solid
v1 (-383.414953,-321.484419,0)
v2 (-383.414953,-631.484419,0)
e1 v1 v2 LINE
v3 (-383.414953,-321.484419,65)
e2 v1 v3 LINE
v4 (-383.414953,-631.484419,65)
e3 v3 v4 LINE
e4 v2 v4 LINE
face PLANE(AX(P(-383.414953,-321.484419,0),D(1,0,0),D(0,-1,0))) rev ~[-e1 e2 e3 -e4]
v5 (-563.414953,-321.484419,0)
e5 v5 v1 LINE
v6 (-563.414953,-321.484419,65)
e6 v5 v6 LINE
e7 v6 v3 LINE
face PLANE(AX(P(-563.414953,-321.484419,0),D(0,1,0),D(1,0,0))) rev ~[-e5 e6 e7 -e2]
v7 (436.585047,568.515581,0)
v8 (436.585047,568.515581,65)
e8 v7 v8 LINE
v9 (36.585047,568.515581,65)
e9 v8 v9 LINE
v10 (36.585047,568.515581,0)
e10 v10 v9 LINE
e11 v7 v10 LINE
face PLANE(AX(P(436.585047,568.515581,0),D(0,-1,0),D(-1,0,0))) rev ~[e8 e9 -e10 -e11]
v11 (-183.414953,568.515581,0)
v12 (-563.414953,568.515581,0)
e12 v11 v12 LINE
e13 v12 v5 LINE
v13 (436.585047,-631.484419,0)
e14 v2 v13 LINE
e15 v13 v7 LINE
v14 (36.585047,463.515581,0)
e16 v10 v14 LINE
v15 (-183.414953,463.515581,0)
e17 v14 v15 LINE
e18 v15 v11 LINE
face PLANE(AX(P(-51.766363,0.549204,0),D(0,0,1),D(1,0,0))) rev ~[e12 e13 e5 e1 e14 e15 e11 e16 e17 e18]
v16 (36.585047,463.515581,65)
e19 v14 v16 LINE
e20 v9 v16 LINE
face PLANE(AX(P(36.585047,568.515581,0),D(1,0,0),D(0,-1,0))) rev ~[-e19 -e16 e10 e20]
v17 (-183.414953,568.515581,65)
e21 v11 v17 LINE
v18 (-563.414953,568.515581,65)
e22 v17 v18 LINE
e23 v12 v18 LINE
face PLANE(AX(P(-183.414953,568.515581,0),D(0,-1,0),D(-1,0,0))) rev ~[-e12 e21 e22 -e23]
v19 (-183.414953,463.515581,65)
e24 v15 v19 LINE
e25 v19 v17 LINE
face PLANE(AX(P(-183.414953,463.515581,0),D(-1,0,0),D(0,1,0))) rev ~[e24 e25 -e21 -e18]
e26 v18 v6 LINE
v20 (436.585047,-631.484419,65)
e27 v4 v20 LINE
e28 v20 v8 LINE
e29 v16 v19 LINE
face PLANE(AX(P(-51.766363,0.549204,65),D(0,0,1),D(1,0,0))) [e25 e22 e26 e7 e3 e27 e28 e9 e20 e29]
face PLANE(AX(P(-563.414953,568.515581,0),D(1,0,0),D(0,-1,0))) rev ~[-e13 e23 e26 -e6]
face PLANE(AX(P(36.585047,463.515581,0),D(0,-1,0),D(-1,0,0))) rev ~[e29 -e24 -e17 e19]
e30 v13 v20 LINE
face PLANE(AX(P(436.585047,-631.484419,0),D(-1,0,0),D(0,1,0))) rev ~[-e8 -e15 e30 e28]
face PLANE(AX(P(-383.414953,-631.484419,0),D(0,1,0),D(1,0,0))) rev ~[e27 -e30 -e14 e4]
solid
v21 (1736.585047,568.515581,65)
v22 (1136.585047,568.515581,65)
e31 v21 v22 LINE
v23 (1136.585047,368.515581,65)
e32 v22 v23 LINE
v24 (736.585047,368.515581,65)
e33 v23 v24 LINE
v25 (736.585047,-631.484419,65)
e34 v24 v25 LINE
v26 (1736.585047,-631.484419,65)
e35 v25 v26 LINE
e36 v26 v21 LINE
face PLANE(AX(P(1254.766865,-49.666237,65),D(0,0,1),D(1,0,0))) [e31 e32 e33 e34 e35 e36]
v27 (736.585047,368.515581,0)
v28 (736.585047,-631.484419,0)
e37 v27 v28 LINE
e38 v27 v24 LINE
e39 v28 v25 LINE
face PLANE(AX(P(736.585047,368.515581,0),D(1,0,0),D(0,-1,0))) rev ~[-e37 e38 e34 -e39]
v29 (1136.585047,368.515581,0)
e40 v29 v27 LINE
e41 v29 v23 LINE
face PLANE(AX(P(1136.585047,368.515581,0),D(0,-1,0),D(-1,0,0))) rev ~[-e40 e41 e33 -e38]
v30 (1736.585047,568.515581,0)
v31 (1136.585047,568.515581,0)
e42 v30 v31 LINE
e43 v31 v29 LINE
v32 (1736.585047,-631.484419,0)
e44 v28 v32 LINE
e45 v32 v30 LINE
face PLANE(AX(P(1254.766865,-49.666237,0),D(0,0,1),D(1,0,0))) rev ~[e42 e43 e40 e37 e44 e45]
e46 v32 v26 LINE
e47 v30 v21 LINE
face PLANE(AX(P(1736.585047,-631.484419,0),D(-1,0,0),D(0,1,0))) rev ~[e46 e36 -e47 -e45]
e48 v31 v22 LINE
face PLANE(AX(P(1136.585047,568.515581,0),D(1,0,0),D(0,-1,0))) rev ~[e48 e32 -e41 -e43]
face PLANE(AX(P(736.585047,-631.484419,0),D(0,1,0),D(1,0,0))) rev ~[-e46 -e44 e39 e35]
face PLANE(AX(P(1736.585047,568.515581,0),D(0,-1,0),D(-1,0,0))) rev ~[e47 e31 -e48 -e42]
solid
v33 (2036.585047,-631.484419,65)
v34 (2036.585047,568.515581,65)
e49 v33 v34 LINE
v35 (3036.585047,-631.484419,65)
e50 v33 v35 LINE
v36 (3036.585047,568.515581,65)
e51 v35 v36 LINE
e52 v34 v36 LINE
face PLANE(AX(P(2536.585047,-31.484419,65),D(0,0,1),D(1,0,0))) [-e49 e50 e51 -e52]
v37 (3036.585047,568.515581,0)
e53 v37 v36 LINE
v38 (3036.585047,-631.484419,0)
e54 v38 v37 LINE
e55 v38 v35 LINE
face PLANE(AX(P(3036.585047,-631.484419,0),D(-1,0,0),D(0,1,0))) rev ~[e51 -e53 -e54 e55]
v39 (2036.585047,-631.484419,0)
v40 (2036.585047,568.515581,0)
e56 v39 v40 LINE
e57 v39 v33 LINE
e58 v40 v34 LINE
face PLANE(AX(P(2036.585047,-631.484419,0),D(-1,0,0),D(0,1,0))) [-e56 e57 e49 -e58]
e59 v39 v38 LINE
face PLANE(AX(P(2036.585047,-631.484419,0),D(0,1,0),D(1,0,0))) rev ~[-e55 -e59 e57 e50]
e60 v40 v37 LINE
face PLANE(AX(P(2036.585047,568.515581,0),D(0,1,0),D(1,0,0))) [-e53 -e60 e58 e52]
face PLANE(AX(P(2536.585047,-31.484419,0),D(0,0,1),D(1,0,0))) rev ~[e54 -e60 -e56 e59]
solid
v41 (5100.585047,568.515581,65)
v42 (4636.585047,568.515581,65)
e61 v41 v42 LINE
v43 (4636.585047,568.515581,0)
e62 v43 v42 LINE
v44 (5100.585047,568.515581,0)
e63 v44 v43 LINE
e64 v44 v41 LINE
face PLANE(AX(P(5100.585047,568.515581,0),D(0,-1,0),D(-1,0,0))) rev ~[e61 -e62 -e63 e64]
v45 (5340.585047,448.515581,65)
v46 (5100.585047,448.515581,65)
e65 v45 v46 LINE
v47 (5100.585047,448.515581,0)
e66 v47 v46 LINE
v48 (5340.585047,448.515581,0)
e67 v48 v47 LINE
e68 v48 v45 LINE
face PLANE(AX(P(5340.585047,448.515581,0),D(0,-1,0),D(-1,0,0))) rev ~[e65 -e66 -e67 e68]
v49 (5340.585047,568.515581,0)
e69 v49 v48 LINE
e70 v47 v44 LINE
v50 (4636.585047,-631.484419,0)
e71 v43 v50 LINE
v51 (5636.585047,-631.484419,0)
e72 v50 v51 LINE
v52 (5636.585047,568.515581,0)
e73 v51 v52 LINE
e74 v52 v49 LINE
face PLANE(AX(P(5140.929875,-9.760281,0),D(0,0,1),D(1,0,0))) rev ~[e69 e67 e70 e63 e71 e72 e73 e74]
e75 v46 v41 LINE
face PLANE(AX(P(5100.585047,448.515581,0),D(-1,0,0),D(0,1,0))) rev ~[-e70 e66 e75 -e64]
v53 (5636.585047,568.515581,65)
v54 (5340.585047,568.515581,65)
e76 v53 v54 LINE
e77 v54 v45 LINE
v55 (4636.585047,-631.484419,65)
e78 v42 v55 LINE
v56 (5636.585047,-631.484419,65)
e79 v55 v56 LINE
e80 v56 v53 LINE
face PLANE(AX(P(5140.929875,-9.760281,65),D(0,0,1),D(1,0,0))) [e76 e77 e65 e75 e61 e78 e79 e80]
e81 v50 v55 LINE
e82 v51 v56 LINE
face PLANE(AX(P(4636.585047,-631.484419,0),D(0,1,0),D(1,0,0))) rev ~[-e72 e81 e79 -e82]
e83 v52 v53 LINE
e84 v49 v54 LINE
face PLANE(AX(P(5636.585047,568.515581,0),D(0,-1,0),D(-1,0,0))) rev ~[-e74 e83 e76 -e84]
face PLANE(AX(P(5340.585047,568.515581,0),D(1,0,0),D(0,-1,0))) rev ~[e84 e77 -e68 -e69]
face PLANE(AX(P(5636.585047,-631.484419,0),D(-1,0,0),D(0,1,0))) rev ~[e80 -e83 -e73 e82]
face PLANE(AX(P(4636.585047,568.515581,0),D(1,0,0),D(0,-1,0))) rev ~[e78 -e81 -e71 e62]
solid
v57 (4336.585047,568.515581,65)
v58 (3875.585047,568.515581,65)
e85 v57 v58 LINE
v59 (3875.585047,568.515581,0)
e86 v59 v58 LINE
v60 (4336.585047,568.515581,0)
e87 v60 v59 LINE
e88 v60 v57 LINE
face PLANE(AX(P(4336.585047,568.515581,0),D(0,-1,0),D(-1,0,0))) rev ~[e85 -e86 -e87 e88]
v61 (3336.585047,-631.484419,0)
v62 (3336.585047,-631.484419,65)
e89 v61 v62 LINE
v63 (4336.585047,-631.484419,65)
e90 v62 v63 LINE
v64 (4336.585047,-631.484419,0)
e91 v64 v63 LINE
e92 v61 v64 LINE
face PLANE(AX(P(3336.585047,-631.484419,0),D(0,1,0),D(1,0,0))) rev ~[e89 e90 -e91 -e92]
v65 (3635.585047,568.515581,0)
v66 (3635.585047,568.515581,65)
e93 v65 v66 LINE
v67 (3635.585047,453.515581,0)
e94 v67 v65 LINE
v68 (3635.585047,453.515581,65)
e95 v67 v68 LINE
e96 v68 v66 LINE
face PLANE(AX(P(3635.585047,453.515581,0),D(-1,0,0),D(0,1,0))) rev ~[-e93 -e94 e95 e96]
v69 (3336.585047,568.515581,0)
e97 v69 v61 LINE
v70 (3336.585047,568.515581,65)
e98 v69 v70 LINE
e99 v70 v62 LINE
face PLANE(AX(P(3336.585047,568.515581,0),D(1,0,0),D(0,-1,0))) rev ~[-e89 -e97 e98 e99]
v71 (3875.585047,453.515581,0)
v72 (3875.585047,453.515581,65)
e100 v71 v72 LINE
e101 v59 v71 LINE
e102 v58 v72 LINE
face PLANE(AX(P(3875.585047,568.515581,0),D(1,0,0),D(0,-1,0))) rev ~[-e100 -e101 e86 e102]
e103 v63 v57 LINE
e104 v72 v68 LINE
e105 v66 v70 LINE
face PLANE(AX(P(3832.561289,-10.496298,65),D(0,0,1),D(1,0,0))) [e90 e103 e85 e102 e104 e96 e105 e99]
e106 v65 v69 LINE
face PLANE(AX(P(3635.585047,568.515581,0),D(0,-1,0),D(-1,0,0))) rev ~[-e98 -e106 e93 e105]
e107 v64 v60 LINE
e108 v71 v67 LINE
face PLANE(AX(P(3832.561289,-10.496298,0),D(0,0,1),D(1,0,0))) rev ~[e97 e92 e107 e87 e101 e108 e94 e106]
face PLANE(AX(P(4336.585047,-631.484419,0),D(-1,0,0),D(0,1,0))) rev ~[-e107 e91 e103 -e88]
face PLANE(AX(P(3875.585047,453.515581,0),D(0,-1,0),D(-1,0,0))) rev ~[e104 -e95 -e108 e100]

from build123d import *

# Parameters (mm, degrees)
F0_W     = 1000
F0_H     = 1200
F1_DEPTH = 65


with BuildPart() as f1:
    # F0 (on Top) → F1 (new body)
    with BuildSketch(Plane.XY):
        Polygon((-183.414953, 568.515581), (-563.414953, 568.515581), (-563.414953, -321.484419), (-383.414953, -321.484419), (-383.414953, -631.484419), (436.585047, -631.484419), (436.585047, 568.515581), (36.585047, 568.515581), (36.585047, 463.515581), (-183.414953, 463.515581), align=None)
        Polygon((1736.585047, 568.515581), (1136.585047, 568.515581), (1136.585047, 368.515581), (736.585047, 368.515581), (736.585047, -631.484419), (1736.585047, -631.484419), align=None)
        with Locations((2536.585047, -31.484419)):
            Rectangle(F0_W, F0_H)
        Polygon((3635.585047, 568.515581), (3336.585047, 568.515581), (3336.585047, -631.484419), (4336.585047, -631.484419), (4336.585047, 568.515581), (3875.585047, 568.515581), (3875.585047, 453.515581), (3635.585047, 453.515581), align=None)
        Polygon((5100.585047, 568.515581), (4636.585047, 568.515581), (4636.585047, -631.484419), (5636.585047, -631.484419), (5636.585047, 568.515581), (5340.585047, 568.515581), (5340.585047, 448.515581), (5100.585047, 448.515581), align=None)
    extrude(amount=F1_DEPTH)


solid = f1.part
